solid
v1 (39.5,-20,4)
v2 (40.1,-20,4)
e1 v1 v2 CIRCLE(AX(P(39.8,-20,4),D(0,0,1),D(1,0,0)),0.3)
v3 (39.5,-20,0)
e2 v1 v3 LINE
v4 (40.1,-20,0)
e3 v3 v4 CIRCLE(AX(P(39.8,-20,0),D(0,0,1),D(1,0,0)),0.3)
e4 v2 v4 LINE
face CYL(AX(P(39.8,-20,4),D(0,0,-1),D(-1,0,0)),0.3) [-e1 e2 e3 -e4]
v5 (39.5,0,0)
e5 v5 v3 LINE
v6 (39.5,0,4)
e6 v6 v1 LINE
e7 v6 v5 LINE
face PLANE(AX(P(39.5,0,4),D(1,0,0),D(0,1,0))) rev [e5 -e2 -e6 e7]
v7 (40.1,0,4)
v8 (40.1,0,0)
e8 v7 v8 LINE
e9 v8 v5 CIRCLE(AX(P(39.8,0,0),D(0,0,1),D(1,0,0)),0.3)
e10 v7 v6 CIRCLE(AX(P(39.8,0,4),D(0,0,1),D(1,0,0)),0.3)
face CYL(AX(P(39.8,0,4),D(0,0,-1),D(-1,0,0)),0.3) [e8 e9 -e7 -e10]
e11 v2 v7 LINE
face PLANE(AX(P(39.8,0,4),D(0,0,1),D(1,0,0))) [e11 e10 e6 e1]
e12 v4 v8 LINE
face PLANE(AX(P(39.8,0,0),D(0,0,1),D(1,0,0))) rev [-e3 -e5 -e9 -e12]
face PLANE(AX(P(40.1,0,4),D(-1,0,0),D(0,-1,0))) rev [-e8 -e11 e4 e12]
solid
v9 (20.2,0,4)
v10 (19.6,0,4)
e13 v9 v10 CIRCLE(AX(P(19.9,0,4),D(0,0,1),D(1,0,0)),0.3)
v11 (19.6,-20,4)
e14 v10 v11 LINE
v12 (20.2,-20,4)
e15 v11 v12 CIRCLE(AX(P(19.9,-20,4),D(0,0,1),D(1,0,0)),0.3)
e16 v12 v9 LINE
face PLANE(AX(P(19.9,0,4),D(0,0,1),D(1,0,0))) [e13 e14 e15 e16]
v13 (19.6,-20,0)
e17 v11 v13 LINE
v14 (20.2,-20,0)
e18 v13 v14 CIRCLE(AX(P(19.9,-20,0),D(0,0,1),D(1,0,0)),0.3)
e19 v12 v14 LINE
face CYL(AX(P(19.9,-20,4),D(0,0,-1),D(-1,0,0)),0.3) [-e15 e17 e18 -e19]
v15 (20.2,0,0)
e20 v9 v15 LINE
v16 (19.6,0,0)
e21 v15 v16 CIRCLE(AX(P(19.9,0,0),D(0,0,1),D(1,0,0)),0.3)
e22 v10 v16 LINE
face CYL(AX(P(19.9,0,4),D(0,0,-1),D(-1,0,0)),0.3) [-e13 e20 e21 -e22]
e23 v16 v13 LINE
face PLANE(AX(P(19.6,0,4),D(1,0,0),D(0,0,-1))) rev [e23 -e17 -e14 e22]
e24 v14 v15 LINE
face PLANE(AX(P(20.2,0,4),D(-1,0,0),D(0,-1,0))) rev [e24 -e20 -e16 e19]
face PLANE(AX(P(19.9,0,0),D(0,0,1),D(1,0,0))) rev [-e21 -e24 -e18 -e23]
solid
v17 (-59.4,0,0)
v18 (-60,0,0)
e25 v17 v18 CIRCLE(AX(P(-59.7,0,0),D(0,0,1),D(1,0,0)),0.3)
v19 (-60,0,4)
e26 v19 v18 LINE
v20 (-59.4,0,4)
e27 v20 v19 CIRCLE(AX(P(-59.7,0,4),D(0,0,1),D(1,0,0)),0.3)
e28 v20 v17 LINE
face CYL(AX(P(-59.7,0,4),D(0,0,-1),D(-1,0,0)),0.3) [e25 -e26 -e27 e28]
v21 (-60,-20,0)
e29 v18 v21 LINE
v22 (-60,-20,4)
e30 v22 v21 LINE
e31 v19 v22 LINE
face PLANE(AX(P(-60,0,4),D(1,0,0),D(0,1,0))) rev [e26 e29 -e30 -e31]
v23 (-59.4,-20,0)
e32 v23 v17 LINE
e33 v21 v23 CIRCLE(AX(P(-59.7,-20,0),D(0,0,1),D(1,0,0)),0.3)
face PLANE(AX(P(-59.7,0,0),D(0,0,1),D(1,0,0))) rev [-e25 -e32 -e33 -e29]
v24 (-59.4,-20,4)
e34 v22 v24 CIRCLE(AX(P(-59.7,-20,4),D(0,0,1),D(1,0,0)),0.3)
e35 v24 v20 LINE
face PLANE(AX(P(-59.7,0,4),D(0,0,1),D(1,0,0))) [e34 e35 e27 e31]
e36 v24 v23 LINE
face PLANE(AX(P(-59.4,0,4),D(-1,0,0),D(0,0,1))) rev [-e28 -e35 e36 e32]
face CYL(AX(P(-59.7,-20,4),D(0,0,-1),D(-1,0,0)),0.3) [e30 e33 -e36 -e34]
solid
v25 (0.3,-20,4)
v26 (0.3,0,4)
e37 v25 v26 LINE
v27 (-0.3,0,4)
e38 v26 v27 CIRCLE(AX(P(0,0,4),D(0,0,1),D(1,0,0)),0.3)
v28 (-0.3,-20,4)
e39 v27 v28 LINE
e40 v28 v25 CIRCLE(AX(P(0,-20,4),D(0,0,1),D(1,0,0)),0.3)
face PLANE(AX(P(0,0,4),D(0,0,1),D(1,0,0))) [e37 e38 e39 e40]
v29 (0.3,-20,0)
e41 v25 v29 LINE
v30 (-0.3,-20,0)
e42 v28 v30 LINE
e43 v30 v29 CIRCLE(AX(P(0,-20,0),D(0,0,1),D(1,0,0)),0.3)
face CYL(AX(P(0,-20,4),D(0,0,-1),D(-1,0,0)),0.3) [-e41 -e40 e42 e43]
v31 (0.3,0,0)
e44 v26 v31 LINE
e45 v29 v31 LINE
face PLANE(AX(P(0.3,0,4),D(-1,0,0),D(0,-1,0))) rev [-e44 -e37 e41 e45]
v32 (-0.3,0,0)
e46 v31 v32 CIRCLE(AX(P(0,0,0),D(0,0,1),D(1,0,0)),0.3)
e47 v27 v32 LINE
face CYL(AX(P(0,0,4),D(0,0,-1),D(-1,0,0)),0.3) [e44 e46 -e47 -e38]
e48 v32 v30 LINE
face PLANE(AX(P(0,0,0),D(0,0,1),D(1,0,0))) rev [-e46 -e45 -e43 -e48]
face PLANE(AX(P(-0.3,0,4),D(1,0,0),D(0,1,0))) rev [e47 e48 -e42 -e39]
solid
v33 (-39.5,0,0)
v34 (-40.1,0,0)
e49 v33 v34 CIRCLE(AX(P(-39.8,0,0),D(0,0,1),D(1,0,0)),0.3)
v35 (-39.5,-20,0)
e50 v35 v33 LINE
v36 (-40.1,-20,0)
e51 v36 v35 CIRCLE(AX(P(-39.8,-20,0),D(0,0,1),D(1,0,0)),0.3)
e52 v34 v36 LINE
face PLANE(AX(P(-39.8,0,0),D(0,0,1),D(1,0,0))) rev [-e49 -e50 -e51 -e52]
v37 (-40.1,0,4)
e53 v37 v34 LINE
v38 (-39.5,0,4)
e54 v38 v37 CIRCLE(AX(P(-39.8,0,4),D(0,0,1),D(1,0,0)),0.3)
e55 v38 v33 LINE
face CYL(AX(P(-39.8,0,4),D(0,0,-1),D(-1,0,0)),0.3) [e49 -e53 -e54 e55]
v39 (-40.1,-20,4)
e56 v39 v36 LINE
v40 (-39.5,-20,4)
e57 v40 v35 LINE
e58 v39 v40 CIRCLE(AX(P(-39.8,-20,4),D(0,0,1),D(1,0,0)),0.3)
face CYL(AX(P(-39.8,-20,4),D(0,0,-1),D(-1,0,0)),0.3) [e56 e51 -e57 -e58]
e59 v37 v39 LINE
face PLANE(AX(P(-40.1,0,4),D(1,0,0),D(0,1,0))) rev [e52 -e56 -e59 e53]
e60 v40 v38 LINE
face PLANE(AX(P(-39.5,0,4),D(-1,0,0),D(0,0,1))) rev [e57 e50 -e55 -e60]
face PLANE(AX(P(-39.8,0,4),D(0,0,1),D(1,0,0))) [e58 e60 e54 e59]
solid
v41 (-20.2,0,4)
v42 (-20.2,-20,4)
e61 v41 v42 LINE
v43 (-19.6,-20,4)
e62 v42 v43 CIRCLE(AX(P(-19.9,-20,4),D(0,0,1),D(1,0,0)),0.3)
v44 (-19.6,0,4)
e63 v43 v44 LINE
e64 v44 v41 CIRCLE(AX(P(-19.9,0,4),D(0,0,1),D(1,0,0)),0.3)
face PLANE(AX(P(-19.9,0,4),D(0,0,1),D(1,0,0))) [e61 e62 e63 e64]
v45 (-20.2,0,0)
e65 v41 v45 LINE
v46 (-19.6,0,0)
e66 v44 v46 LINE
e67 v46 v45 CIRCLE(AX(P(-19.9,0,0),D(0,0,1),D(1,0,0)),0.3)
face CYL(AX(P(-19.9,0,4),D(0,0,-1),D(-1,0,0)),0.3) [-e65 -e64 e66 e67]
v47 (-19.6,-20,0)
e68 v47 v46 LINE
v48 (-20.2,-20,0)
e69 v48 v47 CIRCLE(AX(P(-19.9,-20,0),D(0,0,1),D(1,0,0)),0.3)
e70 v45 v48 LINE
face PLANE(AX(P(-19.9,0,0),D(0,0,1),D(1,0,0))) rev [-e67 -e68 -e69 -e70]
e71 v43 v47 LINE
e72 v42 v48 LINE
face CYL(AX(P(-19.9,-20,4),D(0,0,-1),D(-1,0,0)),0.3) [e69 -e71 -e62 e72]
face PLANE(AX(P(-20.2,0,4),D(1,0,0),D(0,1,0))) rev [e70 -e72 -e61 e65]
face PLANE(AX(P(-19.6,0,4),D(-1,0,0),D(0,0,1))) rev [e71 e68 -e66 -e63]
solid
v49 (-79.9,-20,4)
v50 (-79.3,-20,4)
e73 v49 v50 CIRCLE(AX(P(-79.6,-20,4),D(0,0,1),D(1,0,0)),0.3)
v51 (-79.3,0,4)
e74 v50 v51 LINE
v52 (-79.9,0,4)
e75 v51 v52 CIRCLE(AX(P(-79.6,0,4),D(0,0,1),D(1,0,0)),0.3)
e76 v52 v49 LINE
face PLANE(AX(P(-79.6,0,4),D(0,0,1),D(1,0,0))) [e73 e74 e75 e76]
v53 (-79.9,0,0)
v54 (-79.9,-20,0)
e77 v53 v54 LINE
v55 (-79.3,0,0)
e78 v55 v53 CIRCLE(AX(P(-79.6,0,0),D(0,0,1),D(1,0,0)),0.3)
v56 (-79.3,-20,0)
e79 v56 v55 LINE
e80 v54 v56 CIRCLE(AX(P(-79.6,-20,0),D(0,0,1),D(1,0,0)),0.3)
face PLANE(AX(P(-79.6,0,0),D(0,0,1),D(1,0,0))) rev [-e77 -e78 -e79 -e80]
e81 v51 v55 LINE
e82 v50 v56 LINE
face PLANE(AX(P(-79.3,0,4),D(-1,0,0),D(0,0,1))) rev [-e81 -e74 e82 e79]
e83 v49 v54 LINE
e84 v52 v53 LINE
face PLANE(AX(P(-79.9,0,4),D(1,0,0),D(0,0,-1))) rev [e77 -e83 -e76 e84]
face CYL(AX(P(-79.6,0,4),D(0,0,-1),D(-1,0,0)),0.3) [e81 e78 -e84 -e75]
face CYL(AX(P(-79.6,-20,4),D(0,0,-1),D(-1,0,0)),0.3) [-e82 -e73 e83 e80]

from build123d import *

# Parameters (mm, degrees)
BOSS_EXTRUDE1_DEPTH   = 4
BOSS_EXTRUDE1_2_DEPTH = 4
BOSS_EXTRUDE1_3_DEPTH = 4
BOSS_EXTRUDE1_4_DEPTH = 4
BOSS_EXTRUDE1_5_DEPTH = 4
BOSS_EXTRUDE1_6_DEPTH = 4
BOSS_EXTRUDE1_7_DEPTH = 4


with BuildPart() as part:
    # Sketch1 → Boss-Extrude1 (new body)
    with BuildSketch(Plane.XY):
        with BuildLine():
            Line((0.3, 0), (0.3, -20))
            ThreePointArc((0.3, -20), (0, -20.3), (-0.3, -20))
            Line((-0.3, -20), (-0.3, 0))
            ThreePointArc((-0.3, 0), (0, 0.3), (0.3, 0))
        make_face()
    extrude(amount=BOSS_EXTRUDE1_DEPTH)


with BuildPart() as body_2:
    # Sketch1 → Boss-Extrude1 2 (new body)
    with BuildSketch(Plane.XY):
        with BuildLine():
            Line((40.1, 0), (40.1, -20))
            ThreePointArc((40.1, -20), (39.8, -20.3), (39.5, -20))
            Line((39.5, -20), (39.5, 0))
            ThreePointArc((39.5, 0), (39.8, 0.3), (40.1, 0))
        make_face()
    extrude(amount=BOSS_EXTRUDE1_2_DEPTH)


with BuildPart() as body_3:
    # Sketch1 → Boss-Extrude1 3 (new body)
    with BuildSketch(Plane.XY):
        with BuildLine():
            Line((20.2, 0), (20.2, -20))
            ThreePointArc((20.2, -20), (19.9, -20.3), (19.6, -20))
            Line((19.6, -20), (19.6, 0))
            ThreePointArc((19.6, 0), (19.9, 0.3), (20.2, 0))
        make_face()
    extrude(amount=BOSS_EXTRUDE1_3_DEPTH)


with BuildPart() as body_4:
    # Sketch1 → Boss-Extrude1 4 (new body)
    with BuildSketch(Plane.XY):
        with BuildLine():
            Line((-19.6, 0), (-19.6, -20))
            ThreePointArc((-19.6, -20), (-19.9, -20.3), (-20.2, -20))
            Line((-20.2, -20), (-20.2, 0))
            ThreePointArc((-20.2, 0), (-19.9, 0.3), (-19.6, 0))
        make_face()
    extrude(amount=BOSS_EXTRUDE1_4_DEPTH)


with BuildPart() as body_5:
    # Sketch1 → Boss-Extrude1 5 (new body)
    with BuildSketch(Plane.XY):
        with BuildLine():
            Line((-39.5, 0), (-39.5, -20))
            ThreePointArc((-39.5, -20), (-39.8, -20.3), (-40.1, -20))
            Line((-40.1, -20), (-40.1, 0))
            ThreePointArc((-40.1, 0), (-39.8, 0.3), (-39.5, 0))
        make_face()
    extrude(amount=BOSS_EXTRUDE1_5_DEPTH)


with BuildPart() as body_6:
    # Sketch1 → Boss-Extrude1 6 (new body)
    with BuildSketch(Plane.XY):
        with BuildLine():
            Line((-59.4, 0), (-59.4, -20))
            ThreePointArc((-59.4, -20), (-59.7, -20.3), (-60, -20))
            Line((-60, -20), (-60, 0))
            ThreePointArc((-60, 0), (-59.7, 0.3), (-59.4, 0))
        make_face()
    extrude(amount=BOSS_EXTRUDE1_6_DEPTH)


with BuildPart() as body_7:
    # Sketch1 → Boss-Extrude1 7 (new body)
    with BuildSketch(Plane.XY):
        with BuildLine():
            Line((-79.3, 0), (-79.3, -20))
            ThreePointArc((-79.3, -20), (-79.6, -20.3), (-79.9, -20))
            Line((-79.9, -20), (-79.9, 0))
            ThreePointArc((-79.9, 0), (-79.6, 0.3), (-79.3, 0))
        make_face()
    extrude(amount=BOSS_EXTRUDE1_7_DEPTH)


solid = Compound([part.part, body_2.part, body_3.part, body_4.part, body_5.part, body_6.part, body_7.part])
